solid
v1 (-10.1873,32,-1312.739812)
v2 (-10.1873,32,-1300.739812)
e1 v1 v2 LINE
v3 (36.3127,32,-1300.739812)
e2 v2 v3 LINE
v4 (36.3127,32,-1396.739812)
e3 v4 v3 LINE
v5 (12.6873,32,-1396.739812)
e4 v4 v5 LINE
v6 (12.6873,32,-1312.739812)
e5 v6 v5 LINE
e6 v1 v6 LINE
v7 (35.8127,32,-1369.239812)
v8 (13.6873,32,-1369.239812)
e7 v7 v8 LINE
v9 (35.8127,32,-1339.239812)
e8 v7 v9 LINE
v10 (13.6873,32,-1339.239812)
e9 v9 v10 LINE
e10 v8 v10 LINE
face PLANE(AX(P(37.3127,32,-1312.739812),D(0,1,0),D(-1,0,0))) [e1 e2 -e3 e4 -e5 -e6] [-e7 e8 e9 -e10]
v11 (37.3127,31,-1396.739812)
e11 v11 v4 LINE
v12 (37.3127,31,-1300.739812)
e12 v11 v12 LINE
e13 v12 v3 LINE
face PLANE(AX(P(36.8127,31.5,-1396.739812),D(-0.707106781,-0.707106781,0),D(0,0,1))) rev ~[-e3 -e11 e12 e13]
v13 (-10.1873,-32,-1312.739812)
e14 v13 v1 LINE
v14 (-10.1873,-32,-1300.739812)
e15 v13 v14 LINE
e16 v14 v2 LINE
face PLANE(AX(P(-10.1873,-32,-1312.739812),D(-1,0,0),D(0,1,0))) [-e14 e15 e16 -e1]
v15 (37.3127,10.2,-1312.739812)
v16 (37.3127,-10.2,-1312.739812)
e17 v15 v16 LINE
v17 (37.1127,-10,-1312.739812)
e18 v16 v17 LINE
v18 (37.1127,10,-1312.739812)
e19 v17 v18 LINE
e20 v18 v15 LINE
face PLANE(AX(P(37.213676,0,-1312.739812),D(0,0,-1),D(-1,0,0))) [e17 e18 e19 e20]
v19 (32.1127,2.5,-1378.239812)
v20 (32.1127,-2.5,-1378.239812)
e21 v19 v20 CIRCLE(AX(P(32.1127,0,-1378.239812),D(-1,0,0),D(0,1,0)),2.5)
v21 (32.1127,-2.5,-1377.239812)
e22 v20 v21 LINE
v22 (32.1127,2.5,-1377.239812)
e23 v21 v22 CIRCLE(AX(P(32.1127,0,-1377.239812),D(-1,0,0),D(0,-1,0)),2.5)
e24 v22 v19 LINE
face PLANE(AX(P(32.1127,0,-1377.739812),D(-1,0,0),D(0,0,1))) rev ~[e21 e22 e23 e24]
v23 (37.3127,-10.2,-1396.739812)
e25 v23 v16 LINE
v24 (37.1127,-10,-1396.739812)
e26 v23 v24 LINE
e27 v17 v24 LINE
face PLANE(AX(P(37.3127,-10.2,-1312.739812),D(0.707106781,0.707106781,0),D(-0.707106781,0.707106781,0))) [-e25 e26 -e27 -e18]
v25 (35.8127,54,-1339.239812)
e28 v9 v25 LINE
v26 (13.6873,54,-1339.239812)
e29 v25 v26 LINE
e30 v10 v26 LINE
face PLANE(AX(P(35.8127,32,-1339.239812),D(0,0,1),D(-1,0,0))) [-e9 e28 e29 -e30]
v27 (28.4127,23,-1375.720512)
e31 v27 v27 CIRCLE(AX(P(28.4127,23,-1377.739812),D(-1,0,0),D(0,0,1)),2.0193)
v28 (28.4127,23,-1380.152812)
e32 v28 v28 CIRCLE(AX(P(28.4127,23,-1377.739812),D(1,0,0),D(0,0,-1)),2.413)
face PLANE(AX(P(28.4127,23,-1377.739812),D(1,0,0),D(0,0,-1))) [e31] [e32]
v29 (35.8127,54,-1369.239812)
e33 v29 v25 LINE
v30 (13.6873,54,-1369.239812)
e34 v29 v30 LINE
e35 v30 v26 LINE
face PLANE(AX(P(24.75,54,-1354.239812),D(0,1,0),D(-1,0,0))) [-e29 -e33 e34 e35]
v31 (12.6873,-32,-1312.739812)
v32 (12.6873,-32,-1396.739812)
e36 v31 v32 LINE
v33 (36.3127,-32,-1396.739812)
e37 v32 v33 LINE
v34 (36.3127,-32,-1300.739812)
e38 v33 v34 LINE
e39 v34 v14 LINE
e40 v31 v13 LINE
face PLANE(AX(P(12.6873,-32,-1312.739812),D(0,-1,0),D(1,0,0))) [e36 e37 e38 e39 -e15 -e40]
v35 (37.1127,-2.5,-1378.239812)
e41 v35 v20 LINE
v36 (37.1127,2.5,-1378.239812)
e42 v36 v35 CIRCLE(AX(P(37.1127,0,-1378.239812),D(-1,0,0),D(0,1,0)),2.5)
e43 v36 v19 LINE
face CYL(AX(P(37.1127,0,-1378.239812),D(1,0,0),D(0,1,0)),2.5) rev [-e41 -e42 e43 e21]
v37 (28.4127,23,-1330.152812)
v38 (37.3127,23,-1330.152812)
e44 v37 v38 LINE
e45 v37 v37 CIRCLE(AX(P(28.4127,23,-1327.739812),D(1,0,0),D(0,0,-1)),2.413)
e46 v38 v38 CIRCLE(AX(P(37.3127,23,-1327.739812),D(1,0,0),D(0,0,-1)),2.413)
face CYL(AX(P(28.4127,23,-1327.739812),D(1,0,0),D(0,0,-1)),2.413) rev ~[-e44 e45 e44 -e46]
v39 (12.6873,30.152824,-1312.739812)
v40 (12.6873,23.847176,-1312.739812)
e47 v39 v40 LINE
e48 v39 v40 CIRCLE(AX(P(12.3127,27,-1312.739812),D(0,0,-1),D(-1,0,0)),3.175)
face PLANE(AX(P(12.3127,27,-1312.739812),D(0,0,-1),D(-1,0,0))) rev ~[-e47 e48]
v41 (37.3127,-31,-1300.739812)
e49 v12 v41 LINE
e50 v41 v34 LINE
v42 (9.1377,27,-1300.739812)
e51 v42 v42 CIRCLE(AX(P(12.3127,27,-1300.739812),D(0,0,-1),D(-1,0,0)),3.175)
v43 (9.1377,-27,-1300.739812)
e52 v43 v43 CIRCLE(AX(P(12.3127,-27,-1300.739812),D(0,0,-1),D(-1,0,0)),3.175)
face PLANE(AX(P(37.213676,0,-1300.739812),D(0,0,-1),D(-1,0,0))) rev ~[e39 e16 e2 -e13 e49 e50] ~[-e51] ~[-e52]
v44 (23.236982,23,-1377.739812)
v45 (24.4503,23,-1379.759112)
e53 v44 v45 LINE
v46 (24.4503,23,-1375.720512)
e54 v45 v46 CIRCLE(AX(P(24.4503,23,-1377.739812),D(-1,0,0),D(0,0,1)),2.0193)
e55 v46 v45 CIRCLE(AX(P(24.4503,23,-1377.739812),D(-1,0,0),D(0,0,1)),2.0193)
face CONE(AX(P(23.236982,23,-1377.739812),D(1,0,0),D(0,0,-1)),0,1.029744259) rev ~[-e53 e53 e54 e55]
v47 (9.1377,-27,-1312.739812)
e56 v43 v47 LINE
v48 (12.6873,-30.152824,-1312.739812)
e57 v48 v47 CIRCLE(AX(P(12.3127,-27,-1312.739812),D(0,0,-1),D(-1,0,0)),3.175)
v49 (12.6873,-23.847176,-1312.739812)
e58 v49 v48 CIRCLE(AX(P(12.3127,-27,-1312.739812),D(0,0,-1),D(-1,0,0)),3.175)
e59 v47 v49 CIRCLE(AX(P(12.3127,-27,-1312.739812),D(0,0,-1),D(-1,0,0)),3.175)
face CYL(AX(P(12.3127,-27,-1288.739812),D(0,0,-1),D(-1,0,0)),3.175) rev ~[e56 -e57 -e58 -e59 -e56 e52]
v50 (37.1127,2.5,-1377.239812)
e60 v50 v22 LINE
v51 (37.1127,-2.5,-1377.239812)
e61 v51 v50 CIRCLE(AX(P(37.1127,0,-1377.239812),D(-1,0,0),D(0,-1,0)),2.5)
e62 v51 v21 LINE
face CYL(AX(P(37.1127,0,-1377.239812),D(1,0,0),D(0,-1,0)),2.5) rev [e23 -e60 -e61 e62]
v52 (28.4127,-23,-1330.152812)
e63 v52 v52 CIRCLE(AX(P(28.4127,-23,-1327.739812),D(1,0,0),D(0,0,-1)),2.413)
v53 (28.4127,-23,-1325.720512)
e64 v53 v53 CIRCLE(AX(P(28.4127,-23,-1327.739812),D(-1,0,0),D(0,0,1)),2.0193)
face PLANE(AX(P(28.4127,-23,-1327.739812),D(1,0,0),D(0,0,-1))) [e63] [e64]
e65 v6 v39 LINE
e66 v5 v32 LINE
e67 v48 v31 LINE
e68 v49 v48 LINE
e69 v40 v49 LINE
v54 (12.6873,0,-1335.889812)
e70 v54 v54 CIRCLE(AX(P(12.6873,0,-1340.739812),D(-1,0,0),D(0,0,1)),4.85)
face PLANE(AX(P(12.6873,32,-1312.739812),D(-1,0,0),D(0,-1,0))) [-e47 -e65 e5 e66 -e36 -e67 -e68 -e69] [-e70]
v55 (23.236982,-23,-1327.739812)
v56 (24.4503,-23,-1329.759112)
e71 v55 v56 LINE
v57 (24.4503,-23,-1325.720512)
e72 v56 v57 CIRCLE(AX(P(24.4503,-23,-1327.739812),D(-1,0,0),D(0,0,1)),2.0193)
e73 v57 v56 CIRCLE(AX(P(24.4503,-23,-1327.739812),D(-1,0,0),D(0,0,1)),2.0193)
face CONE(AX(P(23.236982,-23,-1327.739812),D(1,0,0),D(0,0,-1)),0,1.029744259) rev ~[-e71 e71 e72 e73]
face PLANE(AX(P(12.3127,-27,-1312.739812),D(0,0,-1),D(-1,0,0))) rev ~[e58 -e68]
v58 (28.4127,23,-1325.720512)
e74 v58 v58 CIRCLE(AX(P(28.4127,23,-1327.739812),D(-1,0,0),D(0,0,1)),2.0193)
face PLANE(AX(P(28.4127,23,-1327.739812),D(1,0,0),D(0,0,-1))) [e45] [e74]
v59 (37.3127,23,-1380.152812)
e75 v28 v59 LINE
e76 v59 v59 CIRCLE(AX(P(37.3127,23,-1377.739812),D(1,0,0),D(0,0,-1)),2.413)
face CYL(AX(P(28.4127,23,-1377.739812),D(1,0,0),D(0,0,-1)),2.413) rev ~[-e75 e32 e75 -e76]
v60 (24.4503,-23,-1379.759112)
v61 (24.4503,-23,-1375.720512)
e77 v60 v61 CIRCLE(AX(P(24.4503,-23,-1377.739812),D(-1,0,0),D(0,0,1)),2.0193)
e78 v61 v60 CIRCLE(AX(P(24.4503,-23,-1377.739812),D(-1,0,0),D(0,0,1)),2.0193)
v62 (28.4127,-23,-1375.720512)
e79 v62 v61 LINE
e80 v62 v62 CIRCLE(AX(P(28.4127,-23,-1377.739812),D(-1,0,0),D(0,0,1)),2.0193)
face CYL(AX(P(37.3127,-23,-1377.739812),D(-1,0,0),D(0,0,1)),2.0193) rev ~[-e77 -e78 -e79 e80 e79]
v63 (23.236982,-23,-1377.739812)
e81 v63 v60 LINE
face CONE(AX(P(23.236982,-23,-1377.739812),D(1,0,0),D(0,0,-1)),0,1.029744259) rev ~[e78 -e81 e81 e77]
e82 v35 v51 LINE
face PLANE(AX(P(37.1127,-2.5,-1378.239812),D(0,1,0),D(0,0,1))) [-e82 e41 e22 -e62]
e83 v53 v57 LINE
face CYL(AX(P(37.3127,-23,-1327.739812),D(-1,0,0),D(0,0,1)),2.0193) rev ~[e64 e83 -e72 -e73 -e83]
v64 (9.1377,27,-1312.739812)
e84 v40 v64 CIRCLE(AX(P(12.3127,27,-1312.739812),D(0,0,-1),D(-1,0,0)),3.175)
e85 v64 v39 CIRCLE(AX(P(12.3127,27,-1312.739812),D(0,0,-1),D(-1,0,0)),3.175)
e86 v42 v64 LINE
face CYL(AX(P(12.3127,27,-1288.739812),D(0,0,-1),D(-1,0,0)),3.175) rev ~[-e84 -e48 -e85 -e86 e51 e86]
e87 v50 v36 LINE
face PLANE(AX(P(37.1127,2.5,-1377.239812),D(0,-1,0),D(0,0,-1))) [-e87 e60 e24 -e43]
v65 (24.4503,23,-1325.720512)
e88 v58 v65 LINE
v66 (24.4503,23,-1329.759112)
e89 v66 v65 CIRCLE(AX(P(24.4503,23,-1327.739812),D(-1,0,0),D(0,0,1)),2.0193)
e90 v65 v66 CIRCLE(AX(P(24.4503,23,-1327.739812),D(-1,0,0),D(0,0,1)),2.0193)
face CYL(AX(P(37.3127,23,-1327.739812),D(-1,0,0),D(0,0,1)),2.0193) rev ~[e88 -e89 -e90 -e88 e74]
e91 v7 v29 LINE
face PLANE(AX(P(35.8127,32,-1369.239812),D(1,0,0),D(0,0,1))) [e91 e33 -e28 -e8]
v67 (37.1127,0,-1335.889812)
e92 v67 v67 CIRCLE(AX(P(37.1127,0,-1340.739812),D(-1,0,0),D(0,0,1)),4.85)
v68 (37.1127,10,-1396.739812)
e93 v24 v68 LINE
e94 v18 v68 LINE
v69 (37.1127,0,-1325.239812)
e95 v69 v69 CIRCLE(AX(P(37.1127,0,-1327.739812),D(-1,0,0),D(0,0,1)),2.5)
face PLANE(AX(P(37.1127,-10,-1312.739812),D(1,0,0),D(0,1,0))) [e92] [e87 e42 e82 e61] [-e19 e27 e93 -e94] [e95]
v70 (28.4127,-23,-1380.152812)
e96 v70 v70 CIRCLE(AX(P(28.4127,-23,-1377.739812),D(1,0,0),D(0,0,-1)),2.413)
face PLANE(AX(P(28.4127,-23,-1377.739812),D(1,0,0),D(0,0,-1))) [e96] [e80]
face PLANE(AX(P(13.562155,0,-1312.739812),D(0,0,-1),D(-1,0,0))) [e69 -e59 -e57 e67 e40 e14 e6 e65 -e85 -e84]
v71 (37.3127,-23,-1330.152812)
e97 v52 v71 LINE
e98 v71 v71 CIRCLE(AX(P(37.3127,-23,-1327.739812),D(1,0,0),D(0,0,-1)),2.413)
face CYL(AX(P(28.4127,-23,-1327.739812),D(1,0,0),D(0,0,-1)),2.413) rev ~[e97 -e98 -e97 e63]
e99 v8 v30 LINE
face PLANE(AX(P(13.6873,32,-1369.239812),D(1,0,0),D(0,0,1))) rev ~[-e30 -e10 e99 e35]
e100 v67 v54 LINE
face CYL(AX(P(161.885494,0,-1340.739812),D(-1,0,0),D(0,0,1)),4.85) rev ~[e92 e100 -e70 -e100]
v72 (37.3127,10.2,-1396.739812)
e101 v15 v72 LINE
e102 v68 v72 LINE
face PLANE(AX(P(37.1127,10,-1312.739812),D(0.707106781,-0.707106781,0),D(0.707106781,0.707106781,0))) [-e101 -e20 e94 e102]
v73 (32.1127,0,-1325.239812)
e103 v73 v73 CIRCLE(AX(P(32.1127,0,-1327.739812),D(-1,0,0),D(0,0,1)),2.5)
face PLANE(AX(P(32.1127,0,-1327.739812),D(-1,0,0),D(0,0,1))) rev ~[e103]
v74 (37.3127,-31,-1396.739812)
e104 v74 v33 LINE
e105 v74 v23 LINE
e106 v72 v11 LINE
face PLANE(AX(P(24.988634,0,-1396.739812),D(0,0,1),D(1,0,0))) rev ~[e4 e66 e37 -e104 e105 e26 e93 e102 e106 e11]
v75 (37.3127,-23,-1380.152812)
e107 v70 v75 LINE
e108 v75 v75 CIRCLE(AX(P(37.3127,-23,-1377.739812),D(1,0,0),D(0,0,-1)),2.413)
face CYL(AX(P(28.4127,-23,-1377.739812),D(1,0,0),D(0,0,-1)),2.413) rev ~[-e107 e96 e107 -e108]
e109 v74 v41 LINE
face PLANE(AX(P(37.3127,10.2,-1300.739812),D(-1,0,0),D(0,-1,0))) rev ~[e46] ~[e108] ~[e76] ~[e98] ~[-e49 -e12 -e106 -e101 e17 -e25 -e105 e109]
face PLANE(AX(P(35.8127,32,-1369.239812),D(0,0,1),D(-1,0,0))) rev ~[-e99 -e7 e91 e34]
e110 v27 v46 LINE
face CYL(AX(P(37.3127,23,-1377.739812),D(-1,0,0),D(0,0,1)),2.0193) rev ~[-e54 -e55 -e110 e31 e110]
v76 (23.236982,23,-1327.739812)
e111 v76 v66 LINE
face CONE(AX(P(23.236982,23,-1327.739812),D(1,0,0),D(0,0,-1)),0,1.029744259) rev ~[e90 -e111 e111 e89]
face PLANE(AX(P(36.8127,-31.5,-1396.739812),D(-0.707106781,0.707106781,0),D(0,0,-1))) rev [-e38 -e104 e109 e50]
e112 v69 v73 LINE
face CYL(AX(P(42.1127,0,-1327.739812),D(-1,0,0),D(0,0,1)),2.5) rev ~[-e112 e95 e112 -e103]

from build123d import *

# Parameters (mm, degrees)
BASE_EXTRUDE_DEPTH               = 12
BOSS_EXTRUDE1_DEPTH              = 84
BOSS_EXTRUDE3_DEPTH              = 12
F_9_7_DIAMETER_HOLE1_D           = 9.7
F_10_32_TAPPED_HOLE1_D           = 4.0386
F_10_32_TAPPED_HOLE1_DEPTH       = 12.8624
F_10_32_TAPPED_HOLE1_CBORE_D     = 4.826
F_10_32_TAPPED_HOLE1_CBORE_DEPTH = 8.9
F_10_32_TAPPED_HOLE1_TIP         = 1.213317848
F_1_4_20_TAPPED_HOLE1_D          = 6.35
F_1_4_20_TAPPED_HOLE1_DEPTH      = 12
CUT_EXTRUDE1_DEPTH               = 5
HOLE1_D                          = 5
HOLE1_DEPTH                      = 5
SKETCH14_W                       = 22.1254
SKETCH14_H                       = 30
BOSS_EXTRUDE2_DEPTH              = 22
CHAMFER1_SIZE                    = 1


with BuildPart() as part:
    # Sketch1 → Base-Extrude (new body)
    with BuildSketch(Plane.XY.offset(-1312.73981158)):
        Polygon((-10.1873, 32), (37.3127, 32), (37.3127, 10.2), (37.1127, 10), (37.1127, -10), (37.3127, -10.2), (37.3127, -32), (-10.1873, -32), align=None)
    extrude(amount=BASE_EXTRUDE_DEPTH)

    # Sketch3 → Boss-Extrude1 (add)
    with BuildSketch(Plane(origin=(0, 0, -1312.73981158), x_dir=(-1, 0, 0), z_dir=(0, 0, -1))):
        Polygon((-37.3127, 10.2), (-37.3127, 32), (-12.6873, 32), (-12.6873, -32), (-37.3127, -32), (-37.3127, -10.2), (-37.1127, -10), (-37.1127, 10), align=None)
    extrude(amount=BOSS_EXTRUDE1_DEPTH)

    # Sketch15 → Boss-Extrude3 (add)
    with BuildSketch(Plane.XY.offset(-1300.73981158)):
        Polygon((37.1127, -10), (37.1127, 10), (37.3127, 10.2), (37.3127, -10.2), align=None)
    extrude(amount=-BOSS_EXTRUDE3_DEPTH)

    # 9.7 Diameter Hole1 (through all)
    with Locations(Plane(origin=(37.1127, 0, 0), x_dir=(0, 0, -1), z_dir=(1, 0, 0))):
        with Locations((1340.73981158, 0)):
            Hole(F_9_7_DIAMETER_HOLE1_D / 2)

    # #10-32 Tapped Hole1
    with Locations(Plane(origin=(37.3127, 0, 0), x_dir=(0, 0, -1), z_dir=(1, 0, 0))):
        with Locations((1327.73981158, 23), (1377.73981158, 23), (1327.73981158, -23), (1377.73981158, -23)):
            CounterBoreHole(F_10_32_TAPPED_HOLE1_D / 2, F_10_32_TAPPED_HOLE1_CBORE_D / 2, F_10_32_TAPPED_HOLE1_CBORE_DEPTH, depth=F_10_32_TAPPED_HOLE1_DEPTH)
            with Locations((0, 0, -(F_10_32_TAPPED_HOLE1_DEPTH + F_10_32_TAPPED_HOLE1_TIP / 2))):  # 118° drill point
                Cone(0, F_10_32_TAPPED_HOLE1_D / 2, F_10_32_TAPPED_HOLE1_TIP, mode=Mode.SUBTRACT)

    # 1/4-20 Tapped Hole1
    with Locations(Plane.XY.offset(-1300.73981158)):
        with Locations((12.3127, 27), (12.3127, -27)):
            Hole(F_1_4_20_TAPPED_HOLE1_D / 2, depth=F_1_4_20_TAPPED_HOLE1_DEPTH)

    # Sketch11 → Cut-Extrude1 (cut)
    with BuildSketch(Plane(origin=(37.1127, 0, 0), x_dir=(0, 0, -1), z_dir=(1, 0, 0))):
        with BuildLine():
            Line((1377.23981158, 2.5), (1378.23981158, 2.5))
            ThreePointArc((1378.23981158, 2.5), (1380.73981158, 0), (1378.23981158, -2.5))
            Line((1378.23981158, -2.5), (1377.23981158, -2.5))
            ThreePointArc((1377.23981158, -2.5), (1374.73981158, 0), (1377.23981158, 2.5))
        make_face()
    extrude(amount=-CUT_EXTRUDE1_DEPTH, mode=Mode.SUBTRACT)

    # Hole1
    with Locations(Plane(origin=(37.1127, 0, 0), x_dir=(0, 0, -1), z_dir=(1, 0, 0))):
        with Locations((1327.73981158, 0)):
            Hole(HOLE1_D / 2, depth=HOLE1_DEPTH)

    # Sketch14 → Boss-Extrude2 (add)
    with BuildSketch(Plane(origin=(0, 32, 0), x_dir=(-1, 0, 0), z_dir=(0, 1, 0))):
        with Locations((-24.75, -1354.23981158)):
            Rectangle(SKETCH14_W, SKETCH14_H)
    extrude(amount=BOSS_EXTRUDE2_DEPTH)

    # Chamfer1
    chamfer1_edges = [part.edges().sort_by_distance(p)[0] for p in [
        (37.3127, -32, -1348.73981158),
        (37.3127, 32, -1348.73981158),
    ]]
    chamfer(chamfer1_edges, length=CHAMFER1_SIZE)


solid = part.part
